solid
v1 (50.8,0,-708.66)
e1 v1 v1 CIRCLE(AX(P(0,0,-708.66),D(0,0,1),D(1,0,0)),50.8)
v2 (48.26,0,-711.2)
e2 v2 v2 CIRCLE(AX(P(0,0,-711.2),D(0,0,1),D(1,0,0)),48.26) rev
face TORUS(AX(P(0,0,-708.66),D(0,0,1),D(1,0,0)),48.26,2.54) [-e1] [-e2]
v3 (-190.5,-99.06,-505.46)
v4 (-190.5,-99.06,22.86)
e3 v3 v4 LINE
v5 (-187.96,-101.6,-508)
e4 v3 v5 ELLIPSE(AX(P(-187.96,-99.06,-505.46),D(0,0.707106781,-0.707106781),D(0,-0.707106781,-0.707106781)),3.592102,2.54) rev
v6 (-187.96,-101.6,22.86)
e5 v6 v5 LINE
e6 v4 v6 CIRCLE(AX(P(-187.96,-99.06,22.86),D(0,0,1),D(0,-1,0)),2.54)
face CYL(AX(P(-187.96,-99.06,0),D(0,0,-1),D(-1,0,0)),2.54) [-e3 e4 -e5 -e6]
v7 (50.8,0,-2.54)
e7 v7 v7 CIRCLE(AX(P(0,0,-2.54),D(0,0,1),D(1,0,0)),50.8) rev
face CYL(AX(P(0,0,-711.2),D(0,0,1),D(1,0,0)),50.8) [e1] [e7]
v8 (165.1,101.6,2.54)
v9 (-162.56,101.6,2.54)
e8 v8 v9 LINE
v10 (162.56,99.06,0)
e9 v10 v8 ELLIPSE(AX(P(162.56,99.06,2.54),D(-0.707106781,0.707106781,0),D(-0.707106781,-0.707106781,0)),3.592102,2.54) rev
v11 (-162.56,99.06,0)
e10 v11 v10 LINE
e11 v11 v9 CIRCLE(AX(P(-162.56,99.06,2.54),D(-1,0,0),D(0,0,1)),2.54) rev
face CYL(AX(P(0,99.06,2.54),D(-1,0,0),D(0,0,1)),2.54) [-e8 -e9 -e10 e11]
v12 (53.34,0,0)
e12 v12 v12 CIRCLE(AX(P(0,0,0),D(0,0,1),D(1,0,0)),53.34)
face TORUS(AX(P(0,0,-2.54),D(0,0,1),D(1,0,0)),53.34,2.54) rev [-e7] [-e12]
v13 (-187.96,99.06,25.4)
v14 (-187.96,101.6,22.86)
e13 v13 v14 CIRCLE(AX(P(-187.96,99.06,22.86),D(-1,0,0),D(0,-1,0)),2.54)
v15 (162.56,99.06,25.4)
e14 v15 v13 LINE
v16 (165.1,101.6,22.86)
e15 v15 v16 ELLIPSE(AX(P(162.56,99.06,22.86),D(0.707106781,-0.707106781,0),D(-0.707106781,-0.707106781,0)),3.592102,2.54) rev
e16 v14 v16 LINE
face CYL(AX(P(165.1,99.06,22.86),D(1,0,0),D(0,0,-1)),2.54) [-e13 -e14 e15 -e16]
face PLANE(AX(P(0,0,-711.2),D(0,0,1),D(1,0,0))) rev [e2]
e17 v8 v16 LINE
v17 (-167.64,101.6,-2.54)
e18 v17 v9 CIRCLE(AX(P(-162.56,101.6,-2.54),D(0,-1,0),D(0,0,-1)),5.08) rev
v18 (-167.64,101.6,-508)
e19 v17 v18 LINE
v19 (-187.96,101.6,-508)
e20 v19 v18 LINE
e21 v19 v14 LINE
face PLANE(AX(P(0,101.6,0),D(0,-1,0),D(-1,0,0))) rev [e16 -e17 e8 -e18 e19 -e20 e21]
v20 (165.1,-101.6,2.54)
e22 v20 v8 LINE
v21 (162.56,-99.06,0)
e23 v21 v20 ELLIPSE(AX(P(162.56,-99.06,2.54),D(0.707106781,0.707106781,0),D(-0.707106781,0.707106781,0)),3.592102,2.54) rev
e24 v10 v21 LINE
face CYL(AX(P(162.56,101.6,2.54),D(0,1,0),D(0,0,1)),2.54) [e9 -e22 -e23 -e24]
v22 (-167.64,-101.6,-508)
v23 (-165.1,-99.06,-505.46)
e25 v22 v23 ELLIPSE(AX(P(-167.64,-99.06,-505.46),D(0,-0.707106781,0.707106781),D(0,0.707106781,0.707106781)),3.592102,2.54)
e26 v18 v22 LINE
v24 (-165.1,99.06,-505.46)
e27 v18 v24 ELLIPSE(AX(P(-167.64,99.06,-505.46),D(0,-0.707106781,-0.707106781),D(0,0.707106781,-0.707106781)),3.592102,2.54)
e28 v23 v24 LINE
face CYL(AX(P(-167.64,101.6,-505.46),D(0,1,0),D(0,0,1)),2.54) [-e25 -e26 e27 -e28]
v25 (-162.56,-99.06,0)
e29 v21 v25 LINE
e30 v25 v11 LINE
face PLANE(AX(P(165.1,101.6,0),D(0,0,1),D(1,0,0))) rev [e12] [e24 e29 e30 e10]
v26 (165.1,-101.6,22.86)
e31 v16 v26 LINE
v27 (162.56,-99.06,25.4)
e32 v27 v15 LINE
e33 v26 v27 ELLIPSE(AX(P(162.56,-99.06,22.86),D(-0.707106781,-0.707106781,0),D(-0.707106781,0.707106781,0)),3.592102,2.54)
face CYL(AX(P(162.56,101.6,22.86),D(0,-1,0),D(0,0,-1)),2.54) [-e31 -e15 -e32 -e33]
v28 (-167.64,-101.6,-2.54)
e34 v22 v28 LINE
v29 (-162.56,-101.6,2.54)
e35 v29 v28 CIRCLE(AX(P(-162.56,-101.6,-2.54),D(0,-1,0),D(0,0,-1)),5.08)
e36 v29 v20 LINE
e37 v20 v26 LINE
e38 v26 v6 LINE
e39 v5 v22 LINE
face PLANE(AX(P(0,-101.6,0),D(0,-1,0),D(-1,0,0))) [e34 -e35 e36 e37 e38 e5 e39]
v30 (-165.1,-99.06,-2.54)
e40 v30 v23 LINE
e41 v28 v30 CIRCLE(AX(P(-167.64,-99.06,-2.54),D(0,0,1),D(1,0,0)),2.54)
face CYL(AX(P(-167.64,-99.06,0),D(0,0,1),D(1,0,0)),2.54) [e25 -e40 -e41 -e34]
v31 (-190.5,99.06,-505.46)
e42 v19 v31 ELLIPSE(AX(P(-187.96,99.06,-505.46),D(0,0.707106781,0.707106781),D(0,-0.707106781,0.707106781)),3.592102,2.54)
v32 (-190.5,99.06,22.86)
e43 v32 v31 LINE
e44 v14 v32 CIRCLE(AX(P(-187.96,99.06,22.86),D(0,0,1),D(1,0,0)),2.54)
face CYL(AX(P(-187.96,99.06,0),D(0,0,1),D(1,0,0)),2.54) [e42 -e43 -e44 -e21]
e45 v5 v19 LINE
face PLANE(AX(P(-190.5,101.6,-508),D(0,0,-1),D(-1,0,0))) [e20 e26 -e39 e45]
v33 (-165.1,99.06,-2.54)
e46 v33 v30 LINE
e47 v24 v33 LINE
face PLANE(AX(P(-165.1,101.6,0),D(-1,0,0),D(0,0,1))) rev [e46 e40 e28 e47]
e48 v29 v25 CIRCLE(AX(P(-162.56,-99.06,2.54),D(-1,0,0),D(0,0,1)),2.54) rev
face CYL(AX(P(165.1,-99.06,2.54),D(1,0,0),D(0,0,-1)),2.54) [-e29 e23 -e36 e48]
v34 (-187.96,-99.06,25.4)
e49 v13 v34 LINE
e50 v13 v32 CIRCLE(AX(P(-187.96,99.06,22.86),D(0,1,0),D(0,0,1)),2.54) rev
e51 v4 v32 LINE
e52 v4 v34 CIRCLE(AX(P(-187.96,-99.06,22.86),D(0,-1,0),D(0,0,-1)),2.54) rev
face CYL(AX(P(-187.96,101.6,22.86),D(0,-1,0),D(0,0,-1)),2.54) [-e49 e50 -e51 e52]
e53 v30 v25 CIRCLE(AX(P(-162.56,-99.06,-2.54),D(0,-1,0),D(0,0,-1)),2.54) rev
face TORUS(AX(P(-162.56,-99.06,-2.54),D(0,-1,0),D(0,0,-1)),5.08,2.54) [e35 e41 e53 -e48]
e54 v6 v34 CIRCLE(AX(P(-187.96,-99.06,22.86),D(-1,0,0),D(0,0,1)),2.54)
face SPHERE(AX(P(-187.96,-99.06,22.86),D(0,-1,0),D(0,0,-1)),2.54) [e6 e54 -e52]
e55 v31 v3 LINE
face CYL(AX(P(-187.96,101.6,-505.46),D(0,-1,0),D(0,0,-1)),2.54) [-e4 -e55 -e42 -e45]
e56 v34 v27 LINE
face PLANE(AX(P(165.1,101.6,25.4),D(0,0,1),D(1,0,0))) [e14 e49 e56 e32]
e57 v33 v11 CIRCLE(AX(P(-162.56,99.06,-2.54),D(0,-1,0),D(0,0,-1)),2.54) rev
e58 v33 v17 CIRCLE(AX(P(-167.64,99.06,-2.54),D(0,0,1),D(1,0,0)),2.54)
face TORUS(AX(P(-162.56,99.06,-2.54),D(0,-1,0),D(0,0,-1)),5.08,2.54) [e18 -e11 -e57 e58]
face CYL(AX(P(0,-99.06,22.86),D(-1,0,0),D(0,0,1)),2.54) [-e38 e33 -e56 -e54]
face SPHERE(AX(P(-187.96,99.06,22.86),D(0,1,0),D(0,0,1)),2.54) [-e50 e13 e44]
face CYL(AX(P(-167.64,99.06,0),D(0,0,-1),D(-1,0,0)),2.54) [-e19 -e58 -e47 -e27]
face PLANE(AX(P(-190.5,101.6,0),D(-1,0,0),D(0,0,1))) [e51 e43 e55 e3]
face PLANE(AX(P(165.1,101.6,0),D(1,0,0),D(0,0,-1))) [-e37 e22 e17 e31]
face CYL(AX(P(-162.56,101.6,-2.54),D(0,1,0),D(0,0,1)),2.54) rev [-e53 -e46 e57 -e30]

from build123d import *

# Parameters (mm, degrees)
SKETCH1_R           = 50.8
BOSS_EXTRUDE1_DEPTH = 711.2
EXTRUDE_THIN1_DEPTH = 101.6
FILLET1_R           = 2.54


with BuildPart() as part:
    # Sketch1 → Boss-Extrude1 (new body)
    with BuildSketch(Plane.XY):
        Circle(SKETCH1_R)
    extrude(amount=-BOSS_EXTRUDE1_DEPTH)

    # Sketch3 → Extrude-Thin1 (add, symmetric)
    with BuildSketch(Plane(origin=(0, 0, 0), x_dir=(1, 0, 0), z_dir=(0, 1, 0))):
        Polygon((165.1, 0), (-165.1, 0), (-165.1, 508), (-190.5, 508), (-190.5, -25.4), (165.1, -25.4), align=None)
    extrude(amount=EXTRUDE_THIN1_DEPTH, both=True)

    # Fillet1
    fillet1_edges = [part.edges().sort_by_distance(p)[0] for p in [
        (-50.8, 0, 0),
        (-50.8, 0, -711.2),
        (-165.1, -101.6, -254),
        (-165.1, 0, 0),
        (-165.1, 0, -508),
        (-190.5, 101.6, -241.3),
        (-190.5, 0, -508),
        (-12.7, 101.6, 25.4),
        (-190.5, 0, 25.4),
        (165.1, 0, 25.4),
        (0, -101.6, 0),
        (165.1, 0, 0),
        (-165.1, 101.6, -254),
        (0, 101.6, 0),
        (-12.7, -101.6, 25.4),
        (-190.5, -101.6, -241.3),
    ]]
    fillet(fillet1_edges, radius=FILLET1_R)


solid = part.part
